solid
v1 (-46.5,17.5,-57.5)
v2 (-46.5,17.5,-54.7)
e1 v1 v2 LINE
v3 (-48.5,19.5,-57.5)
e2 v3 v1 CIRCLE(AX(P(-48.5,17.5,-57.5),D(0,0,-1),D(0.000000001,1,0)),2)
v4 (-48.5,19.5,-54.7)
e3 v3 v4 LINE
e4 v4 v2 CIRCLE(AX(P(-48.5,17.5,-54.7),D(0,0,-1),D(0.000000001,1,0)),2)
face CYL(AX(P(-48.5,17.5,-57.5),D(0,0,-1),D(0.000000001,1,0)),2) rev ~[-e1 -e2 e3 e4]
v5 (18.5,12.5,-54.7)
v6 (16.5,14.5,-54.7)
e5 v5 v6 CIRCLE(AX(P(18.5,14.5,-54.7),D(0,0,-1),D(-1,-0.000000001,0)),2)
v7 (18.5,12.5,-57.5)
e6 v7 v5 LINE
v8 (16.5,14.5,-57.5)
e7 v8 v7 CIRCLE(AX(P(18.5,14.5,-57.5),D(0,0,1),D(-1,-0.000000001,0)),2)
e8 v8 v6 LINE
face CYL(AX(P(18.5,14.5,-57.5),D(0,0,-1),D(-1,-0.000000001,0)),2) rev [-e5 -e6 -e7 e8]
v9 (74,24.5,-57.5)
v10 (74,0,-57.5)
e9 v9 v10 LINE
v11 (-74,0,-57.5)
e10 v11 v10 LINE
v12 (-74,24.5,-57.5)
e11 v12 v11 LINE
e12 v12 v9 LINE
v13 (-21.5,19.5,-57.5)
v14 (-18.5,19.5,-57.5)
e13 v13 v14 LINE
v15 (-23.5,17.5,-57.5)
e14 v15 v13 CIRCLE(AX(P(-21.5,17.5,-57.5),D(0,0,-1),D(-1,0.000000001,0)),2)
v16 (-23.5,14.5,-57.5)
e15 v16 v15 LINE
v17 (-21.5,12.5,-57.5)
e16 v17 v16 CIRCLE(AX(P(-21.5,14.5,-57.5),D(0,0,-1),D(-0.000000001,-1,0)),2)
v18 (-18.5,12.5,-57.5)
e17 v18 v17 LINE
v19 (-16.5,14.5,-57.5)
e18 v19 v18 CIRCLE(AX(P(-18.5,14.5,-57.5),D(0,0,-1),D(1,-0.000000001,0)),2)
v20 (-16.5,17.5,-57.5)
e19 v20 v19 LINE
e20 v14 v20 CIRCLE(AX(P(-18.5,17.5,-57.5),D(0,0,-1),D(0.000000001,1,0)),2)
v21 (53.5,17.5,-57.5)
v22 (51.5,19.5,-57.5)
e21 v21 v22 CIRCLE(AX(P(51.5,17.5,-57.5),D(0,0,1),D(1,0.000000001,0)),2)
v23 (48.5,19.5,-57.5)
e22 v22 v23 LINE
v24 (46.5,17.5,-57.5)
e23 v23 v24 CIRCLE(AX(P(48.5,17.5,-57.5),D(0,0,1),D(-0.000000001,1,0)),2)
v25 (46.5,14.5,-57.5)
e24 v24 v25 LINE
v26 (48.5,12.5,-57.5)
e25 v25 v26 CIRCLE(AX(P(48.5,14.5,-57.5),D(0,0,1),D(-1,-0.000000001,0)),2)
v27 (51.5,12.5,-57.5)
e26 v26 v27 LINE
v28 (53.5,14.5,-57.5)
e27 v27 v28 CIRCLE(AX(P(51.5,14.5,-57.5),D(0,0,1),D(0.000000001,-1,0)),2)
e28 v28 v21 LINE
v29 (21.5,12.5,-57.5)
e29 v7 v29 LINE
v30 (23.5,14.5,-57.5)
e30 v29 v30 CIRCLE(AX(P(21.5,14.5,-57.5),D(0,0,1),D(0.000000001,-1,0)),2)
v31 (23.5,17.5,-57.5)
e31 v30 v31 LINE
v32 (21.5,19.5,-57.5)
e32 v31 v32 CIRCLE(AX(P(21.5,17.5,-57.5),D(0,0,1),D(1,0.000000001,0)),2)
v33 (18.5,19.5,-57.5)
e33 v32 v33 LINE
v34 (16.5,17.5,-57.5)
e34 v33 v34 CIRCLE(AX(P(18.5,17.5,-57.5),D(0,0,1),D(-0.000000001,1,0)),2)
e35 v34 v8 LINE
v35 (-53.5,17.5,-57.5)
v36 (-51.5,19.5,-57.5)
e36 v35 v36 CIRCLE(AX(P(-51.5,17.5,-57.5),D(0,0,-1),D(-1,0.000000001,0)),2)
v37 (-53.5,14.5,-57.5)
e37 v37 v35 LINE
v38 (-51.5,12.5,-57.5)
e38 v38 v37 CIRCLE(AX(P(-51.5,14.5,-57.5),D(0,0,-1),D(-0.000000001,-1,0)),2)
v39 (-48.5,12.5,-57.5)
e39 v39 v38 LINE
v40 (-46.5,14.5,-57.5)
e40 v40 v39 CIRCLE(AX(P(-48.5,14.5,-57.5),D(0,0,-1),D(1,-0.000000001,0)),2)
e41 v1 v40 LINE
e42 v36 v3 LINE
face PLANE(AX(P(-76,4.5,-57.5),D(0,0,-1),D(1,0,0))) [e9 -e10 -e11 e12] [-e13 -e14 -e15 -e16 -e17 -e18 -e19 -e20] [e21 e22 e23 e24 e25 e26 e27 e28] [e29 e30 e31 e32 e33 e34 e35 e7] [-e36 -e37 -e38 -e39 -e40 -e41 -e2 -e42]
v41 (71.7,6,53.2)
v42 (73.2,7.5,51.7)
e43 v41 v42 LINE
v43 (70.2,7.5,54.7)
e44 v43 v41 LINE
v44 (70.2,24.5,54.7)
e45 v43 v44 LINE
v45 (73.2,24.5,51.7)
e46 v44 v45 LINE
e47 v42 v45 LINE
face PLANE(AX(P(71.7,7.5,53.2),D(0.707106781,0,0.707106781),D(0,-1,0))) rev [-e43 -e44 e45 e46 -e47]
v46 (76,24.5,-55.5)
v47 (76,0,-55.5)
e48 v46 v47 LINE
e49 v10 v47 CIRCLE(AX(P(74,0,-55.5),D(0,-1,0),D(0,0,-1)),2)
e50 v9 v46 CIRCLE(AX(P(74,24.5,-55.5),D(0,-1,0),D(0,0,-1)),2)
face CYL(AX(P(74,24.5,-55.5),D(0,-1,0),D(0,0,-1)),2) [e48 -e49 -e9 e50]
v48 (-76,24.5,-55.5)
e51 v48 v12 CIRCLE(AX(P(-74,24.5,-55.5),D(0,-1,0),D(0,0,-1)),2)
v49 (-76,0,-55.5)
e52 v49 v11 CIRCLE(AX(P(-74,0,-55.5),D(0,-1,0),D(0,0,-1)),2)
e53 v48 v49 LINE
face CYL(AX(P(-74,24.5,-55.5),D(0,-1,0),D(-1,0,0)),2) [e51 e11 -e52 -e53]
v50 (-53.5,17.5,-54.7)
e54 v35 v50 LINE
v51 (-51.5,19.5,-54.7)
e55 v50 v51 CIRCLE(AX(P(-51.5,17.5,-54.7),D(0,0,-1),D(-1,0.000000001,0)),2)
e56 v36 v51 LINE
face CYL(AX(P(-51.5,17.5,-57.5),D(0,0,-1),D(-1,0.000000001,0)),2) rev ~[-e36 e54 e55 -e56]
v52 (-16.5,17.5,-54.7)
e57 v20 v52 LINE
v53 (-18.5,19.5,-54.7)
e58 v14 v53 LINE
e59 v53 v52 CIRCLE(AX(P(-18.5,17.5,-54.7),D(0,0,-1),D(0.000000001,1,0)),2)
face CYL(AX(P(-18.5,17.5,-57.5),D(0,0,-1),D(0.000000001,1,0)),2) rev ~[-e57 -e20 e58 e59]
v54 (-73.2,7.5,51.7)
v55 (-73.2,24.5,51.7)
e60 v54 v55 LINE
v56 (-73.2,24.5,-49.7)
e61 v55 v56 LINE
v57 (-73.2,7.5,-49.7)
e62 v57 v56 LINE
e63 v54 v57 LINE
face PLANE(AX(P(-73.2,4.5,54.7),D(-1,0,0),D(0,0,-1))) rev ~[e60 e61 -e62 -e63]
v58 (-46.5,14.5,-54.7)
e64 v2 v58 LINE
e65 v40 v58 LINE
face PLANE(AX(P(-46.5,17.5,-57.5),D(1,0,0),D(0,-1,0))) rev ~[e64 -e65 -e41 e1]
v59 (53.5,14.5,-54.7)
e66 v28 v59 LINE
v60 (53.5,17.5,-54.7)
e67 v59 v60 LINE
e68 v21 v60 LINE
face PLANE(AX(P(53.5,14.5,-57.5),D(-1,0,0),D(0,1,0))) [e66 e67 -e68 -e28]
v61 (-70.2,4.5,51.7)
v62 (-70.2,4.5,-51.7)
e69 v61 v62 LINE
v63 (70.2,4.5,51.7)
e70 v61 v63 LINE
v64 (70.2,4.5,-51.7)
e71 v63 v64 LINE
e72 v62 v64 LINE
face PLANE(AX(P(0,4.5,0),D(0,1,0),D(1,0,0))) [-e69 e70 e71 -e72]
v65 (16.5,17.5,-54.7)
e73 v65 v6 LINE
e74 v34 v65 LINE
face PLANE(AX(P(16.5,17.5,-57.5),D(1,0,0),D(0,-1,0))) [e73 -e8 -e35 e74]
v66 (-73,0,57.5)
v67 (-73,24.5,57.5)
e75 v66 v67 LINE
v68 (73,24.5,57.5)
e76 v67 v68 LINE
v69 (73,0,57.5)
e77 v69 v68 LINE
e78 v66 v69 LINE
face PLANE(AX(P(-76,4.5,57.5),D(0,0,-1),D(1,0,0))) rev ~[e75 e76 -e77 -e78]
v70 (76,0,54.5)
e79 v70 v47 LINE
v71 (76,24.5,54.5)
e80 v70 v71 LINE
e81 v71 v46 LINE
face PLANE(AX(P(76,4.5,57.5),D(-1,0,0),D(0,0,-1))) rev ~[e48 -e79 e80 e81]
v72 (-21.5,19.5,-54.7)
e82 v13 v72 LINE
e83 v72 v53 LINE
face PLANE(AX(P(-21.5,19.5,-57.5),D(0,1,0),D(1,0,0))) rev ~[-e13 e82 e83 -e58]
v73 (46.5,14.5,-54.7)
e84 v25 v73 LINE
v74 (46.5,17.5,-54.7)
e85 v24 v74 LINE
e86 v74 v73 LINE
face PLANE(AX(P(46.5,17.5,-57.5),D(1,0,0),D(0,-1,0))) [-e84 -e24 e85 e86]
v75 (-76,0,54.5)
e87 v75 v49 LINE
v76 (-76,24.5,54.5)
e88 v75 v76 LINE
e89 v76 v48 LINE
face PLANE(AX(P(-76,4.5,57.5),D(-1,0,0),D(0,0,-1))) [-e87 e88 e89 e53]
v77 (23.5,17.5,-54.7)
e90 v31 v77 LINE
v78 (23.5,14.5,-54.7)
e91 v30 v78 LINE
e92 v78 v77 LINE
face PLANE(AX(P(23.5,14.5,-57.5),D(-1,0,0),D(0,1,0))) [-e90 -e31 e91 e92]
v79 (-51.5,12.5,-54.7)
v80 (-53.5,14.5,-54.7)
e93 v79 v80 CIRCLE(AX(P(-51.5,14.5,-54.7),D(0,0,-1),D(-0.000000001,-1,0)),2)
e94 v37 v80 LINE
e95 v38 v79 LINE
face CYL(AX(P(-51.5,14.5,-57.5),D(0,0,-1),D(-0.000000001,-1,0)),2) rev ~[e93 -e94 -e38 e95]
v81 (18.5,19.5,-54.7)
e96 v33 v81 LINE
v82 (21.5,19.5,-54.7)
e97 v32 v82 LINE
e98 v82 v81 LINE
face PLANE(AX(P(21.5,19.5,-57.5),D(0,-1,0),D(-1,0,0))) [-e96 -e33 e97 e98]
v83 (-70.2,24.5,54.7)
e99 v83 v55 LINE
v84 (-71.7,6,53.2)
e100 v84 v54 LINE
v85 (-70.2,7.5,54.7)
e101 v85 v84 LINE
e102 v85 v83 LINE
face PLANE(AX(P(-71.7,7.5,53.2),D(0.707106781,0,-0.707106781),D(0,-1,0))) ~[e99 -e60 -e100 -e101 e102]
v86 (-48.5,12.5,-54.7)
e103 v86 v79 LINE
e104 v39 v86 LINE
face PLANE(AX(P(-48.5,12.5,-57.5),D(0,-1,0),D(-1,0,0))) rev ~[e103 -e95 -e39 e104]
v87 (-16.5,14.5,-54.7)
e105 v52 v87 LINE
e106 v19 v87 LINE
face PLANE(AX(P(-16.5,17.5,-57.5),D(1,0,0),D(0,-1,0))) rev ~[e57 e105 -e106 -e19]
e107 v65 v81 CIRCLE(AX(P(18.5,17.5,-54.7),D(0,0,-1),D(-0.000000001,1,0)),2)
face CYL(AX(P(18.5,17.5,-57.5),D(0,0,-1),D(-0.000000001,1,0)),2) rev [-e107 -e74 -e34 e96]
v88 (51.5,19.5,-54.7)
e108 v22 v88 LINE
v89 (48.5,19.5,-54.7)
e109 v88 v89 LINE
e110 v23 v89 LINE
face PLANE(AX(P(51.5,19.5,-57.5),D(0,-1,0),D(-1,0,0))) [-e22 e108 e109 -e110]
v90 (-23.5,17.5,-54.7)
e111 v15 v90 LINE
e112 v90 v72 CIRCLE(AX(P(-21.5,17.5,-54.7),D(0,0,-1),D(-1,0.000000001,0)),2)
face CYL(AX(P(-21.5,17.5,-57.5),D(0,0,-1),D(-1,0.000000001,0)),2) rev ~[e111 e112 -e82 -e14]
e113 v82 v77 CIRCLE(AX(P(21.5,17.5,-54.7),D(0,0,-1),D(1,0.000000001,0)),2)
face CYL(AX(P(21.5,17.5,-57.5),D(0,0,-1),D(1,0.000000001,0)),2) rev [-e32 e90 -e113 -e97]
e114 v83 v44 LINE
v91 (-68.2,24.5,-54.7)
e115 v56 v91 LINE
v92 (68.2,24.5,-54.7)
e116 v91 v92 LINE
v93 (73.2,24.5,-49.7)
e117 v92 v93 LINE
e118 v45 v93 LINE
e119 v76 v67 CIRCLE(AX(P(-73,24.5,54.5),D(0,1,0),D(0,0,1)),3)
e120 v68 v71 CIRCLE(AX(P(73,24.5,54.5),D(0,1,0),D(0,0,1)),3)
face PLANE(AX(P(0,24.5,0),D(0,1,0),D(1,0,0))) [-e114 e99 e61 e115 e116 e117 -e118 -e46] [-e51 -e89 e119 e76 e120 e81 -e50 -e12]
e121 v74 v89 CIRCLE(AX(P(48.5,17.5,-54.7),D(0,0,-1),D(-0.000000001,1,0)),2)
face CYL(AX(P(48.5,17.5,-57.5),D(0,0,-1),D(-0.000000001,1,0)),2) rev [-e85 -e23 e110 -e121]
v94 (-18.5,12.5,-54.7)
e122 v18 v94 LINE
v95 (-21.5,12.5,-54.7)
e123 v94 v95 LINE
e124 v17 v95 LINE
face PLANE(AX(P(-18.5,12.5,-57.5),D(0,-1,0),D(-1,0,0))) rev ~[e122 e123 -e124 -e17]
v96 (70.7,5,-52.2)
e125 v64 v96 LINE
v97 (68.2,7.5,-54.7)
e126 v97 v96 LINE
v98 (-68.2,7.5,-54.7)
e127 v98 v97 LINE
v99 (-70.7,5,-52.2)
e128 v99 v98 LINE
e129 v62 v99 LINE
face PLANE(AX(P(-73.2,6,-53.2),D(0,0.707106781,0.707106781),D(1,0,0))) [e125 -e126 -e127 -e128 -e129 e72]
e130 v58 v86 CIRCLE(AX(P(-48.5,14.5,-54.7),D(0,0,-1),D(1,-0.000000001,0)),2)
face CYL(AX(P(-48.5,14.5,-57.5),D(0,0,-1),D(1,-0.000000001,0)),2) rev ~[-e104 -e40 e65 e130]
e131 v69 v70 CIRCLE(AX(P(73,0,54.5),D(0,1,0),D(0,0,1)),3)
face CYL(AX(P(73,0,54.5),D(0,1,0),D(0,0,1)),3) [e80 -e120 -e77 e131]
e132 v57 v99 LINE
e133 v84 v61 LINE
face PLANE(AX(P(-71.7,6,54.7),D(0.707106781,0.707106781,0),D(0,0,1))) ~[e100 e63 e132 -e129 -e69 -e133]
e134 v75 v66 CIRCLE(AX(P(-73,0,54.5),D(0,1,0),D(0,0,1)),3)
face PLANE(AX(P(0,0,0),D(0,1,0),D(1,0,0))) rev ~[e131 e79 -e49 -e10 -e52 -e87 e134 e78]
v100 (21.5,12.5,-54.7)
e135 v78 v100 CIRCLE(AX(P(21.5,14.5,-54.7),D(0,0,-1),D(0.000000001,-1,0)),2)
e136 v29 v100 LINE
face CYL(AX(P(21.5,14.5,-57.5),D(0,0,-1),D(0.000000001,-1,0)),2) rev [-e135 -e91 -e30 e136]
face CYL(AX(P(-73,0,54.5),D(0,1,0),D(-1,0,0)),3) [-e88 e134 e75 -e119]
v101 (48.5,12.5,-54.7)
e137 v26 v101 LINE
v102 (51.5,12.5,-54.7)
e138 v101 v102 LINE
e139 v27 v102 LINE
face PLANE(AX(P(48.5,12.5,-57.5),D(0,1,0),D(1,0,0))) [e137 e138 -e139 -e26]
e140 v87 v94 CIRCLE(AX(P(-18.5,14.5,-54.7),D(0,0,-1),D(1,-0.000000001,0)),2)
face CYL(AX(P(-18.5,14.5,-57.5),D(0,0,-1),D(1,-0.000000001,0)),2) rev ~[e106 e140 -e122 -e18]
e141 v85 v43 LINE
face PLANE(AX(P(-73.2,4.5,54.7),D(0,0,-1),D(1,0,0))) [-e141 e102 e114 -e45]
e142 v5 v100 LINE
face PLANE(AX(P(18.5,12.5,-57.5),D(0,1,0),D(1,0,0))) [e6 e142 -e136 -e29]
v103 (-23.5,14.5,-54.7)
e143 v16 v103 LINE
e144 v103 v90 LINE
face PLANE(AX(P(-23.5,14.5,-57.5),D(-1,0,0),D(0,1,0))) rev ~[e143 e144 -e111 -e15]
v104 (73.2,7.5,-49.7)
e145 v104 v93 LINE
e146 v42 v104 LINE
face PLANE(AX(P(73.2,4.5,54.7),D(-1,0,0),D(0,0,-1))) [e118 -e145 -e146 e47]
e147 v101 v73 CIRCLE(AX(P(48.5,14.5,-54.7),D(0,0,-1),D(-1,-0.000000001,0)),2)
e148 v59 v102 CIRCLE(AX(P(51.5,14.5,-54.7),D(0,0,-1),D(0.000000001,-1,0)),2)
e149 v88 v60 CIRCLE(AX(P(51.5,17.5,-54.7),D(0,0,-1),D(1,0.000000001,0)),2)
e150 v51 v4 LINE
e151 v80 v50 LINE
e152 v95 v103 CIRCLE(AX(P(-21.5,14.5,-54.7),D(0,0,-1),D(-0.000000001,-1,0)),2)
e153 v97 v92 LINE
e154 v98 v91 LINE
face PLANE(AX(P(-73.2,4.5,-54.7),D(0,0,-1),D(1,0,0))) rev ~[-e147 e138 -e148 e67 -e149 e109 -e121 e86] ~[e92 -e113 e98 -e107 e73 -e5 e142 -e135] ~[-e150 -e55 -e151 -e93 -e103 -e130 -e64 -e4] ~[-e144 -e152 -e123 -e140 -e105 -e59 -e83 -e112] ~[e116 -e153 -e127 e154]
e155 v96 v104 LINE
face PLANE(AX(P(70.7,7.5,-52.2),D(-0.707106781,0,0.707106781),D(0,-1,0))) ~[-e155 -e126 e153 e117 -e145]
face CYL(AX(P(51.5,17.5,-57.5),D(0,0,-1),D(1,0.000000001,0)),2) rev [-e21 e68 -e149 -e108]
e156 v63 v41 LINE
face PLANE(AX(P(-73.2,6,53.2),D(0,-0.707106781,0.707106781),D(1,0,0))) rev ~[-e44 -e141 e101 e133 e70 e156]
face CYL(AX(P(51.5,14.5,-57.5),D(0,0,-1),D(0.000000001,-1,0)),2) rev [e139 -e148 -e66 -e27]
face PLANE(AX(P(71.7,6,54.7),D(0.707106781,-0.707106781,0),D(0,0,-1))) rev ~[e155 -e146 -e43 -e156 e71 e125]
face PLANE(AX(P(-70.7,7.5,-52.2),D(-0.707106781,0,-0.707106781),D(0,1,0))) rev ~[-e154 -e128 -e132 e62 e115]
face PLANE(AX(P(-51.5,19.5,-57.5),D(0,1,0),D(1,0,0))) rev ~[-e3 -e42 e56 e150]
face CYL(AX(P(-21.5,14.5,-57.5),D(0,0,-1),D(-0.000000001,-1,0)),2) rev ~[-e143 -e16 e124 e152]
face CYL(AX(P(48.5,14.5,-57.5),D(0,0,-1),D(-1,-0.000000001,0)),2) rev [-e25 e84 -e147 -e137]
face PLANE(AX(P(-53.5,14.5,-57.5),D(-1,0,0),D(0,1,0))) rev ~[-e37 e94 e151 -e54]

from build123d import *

# Parameters (mm, degrees)
ESBO_O2_W             = 152
ESBO_O2_H             = 115
BASE_DEPTH            = 4.5
ESBO_O3_W             = 152
ESBO_O3_H             = 115
ESBO_O3_W_2           = 146.4
ESBO_O3_H_2           = 109.4
PAREDES_DEPTH         = 20
CHANFRO_DA_BASE_SIZE  = 3
FILETE7_R             = 3
FILETE8_R             = 3
FILETE10_R            = 2
FILETE12_R            = 2
CHANFRO8_SIZE         = 3
CHANFRO9_SIZE         = 3
CHANFRO14_SIZE        = 5
CHANFRO17_SIZE        = 5
CORTE_EXTRUS_O4_DEPTH = 10


with BuildPart() as part:
    # Esboço2 → Base (new body)
    with BuildSketch(Plane(origin=(0, 0, 0), x_dir=(1, 0, 0), z_dir=(0, 1, 0))):
        Rectangle(ESBO_O2_W, ESBO_O2_H)
    extrude(amount=BASE_DEPTH)

    # Esboço3 → Paredes (add)
    with BuildSketch(Plane(origin=(0, 4.5, 0), x_dir=(1, 0, 0), z_dir=(0, 1, 0))):
        Rectangle(ESBO_O3_W, ESBO_O3_H)
        Rectangle(ESBO_O3_W_2, ESBO_O3_H_2, mode=Mode.SUBTRACT)
    extrude(amount=PAREDES_DEPTH)

    # Chanfro da Base
    chanfro_da_base_edges = [part.edges().sort_by_distance(p)[0] for p in [
        (0, 4.5, -54.7),
        (-73.2, 4.5, 0),
        (0, 4.5, 54.7),
        (73.2, 4.5, 0),
    ]]
    chamfer(chanfro_da_base_edges, length=CHANFRO_DA_BASE_SIZE)

    # Filete7
    filete7_edges = [part.edges().sort_by_distance(p)[0] for p in [
        (-76, 12.25, 57.5),
    ]]
    fillet(filete7_edges, radius=FILETE7_R)

    # Filete8
    filete8_edges = [part.edges().sort_by_distance(p)[0] for p in [
        (76, 12.25, 57.5),
    ]]
    fillet(filete8_edges, radius=FILETE8_R)

    # Filete10
    filete10_edges = [part.edges().sort_by_distance(p)[0] for p in [
        (-76, 12.25, -57.5),
    ]]
    fillet(filete10_edges, radius=FILETE10_R)

    # Filete12
    filete12_edges = [part.edges().sort_by_distance(p)[0] for p in [
        (76, 12.25, -57.5),
    ]]
    fillet(filete12_edges, radius=FILETE12_R)

    # Chanfro8
    chanfro8_edges = [part.edges().sort_by_distance(p)[0] for p in [
        (-73.2, 16, 54.7),
    ]]
    chamfer(chanfro8_edges, length=CHANFRO8_SIZE)

    # Chanfro9
    chanfro9_edges = [part.edges().sort_by_distance(p)[0] for p in [
        (73.2, 16, 54.7),
    ]]
    chamfer(chanfro9_edges, length=CHANFRO9_SIZE)

    # Chanfro14
    chanfro14_edges = [part.edges().sort_by_distance(p)[0] for p in [
        (-73.2, 16, -54.7),
    ]]
    chamfer(chanfro14_edges, length=CHANFRO14_SIZE)

    # Chanfro17
    chanfro17_edges = [part.edges().sort_by_distance(p)[0] for p in [
        (73.2, 16, -54.7),
    ]]
    chamfer(chanfro17_edges, length=CHANFRO17_SIZE)

    # Esboço6 → Corte-extrusão4 (cut)
    with BuildSketch(Plane(origin=(0, 0, -57.5), x_dir=(-1, 0, 0), z_dir=(0, 0, -1))):
        with BuildLine():
            Line((16.5, 17.5), (16.5, 14.5))
            ThreePointArc((16.5, 14.5), (17.085786438, 13.085786438), (18.5, 12.5))
            Line((18.5, 12.5), (21.5, 12.5))
            ThreePointArc((21.5, 12.5), (22.914213562, 13.085786438), (23.5, 14.5))
            Line((23.5, 14.5), (23.5, 17.5))
            ThreePointArc((23.5, 17.5), (22.914213562, 18.914213562), (21.5, 19.5))
            Line((21.5, 19.5), (18.5, 19.5))
            ThreePointArc((18.5, 19.5), (17.085786438, 18.914213562), (16.5, 17.5))
        make_face()
        with BuildLine():
            Line((-21.5, 19.5), (-18.5, 19.5))
            ThreePointArc((-18.5, 19.5), (-17.085786438, 18.914213562), (-16.5, 17.5))
            Line((-16.5, 17.5), (-16.5, 14.5))
            ThreePointArc((-16.5, 14.5), (-17.085786438, 13.085786438), (-18.5, 12.5))
            Line((-18.5, 12.5), (-21.5, 12.5))
            ThreePointArc((-21.5, 12.5), (-22.914213562, 13.085786438), (-23.5, 14.5))
            Line((-23.5, 14.5), (-23.5, 17.5))
            ThreePointArc((-23.5, 17.5), (-22.914213562, 18.914213562), (-21.5, 19.5))
        make_face()
        with BuildLine():
            Line((46.5, 17.5), (46.5, 14.5))
            ThreePointArc((46.5, 14.5), (47.085786438, 13.085786438), (48.5, 12.5))
            Line((48.5, 12.5), (51.5, 12.5))
            ThreePointArc((51.5, 12.5), (52.914213562, 13.085786438), (53.5, 14.5))
            Line((53.5, 14.5), (53.5, 17.5))
            ThreePointArc((53.5, 17.5), (52.914213562, 18.914213562), (51.5, 19.5))
            Line((51.5, 19.5), (48.5, 19.5))
            ThreePointArc((48.5, 19.5), (47.085786438, 18.914213562), (46.5, 17.5))
        make_face()
        with BuildLine():
            Line((-51.5, 19.5), (-48.5, 19.5))
            ThreePointArc((-48.5, 19.5), (-47.085786438, 18.914213562), (-46.5, 17.5))
            Line((-46.5, 17.5), (-46.5, 14.5))
            ThreePointArc((-46.5, 14.5), (-47.085786438, 13.085786438), (-48.5, 12.5))
            Line((-48.5, 12.5), (-51.5, 12.5))
            ThreePointArc((-51.5, 12.5), (-52.914213562, 13.085786438), (-53.5, 14.5))
            Line((-53.5, 14.5), (-53.5, 17.5))
            ThreePointArc((-53.5, 17.5), (-52.914213562, 18.914213562), (-51.5, 19.5))
        make_face()
    extrude(amount=-CORTE_EXTRUS_O4_DEPTH, mode=Mode.SUBTRACT)


solid = part.part
